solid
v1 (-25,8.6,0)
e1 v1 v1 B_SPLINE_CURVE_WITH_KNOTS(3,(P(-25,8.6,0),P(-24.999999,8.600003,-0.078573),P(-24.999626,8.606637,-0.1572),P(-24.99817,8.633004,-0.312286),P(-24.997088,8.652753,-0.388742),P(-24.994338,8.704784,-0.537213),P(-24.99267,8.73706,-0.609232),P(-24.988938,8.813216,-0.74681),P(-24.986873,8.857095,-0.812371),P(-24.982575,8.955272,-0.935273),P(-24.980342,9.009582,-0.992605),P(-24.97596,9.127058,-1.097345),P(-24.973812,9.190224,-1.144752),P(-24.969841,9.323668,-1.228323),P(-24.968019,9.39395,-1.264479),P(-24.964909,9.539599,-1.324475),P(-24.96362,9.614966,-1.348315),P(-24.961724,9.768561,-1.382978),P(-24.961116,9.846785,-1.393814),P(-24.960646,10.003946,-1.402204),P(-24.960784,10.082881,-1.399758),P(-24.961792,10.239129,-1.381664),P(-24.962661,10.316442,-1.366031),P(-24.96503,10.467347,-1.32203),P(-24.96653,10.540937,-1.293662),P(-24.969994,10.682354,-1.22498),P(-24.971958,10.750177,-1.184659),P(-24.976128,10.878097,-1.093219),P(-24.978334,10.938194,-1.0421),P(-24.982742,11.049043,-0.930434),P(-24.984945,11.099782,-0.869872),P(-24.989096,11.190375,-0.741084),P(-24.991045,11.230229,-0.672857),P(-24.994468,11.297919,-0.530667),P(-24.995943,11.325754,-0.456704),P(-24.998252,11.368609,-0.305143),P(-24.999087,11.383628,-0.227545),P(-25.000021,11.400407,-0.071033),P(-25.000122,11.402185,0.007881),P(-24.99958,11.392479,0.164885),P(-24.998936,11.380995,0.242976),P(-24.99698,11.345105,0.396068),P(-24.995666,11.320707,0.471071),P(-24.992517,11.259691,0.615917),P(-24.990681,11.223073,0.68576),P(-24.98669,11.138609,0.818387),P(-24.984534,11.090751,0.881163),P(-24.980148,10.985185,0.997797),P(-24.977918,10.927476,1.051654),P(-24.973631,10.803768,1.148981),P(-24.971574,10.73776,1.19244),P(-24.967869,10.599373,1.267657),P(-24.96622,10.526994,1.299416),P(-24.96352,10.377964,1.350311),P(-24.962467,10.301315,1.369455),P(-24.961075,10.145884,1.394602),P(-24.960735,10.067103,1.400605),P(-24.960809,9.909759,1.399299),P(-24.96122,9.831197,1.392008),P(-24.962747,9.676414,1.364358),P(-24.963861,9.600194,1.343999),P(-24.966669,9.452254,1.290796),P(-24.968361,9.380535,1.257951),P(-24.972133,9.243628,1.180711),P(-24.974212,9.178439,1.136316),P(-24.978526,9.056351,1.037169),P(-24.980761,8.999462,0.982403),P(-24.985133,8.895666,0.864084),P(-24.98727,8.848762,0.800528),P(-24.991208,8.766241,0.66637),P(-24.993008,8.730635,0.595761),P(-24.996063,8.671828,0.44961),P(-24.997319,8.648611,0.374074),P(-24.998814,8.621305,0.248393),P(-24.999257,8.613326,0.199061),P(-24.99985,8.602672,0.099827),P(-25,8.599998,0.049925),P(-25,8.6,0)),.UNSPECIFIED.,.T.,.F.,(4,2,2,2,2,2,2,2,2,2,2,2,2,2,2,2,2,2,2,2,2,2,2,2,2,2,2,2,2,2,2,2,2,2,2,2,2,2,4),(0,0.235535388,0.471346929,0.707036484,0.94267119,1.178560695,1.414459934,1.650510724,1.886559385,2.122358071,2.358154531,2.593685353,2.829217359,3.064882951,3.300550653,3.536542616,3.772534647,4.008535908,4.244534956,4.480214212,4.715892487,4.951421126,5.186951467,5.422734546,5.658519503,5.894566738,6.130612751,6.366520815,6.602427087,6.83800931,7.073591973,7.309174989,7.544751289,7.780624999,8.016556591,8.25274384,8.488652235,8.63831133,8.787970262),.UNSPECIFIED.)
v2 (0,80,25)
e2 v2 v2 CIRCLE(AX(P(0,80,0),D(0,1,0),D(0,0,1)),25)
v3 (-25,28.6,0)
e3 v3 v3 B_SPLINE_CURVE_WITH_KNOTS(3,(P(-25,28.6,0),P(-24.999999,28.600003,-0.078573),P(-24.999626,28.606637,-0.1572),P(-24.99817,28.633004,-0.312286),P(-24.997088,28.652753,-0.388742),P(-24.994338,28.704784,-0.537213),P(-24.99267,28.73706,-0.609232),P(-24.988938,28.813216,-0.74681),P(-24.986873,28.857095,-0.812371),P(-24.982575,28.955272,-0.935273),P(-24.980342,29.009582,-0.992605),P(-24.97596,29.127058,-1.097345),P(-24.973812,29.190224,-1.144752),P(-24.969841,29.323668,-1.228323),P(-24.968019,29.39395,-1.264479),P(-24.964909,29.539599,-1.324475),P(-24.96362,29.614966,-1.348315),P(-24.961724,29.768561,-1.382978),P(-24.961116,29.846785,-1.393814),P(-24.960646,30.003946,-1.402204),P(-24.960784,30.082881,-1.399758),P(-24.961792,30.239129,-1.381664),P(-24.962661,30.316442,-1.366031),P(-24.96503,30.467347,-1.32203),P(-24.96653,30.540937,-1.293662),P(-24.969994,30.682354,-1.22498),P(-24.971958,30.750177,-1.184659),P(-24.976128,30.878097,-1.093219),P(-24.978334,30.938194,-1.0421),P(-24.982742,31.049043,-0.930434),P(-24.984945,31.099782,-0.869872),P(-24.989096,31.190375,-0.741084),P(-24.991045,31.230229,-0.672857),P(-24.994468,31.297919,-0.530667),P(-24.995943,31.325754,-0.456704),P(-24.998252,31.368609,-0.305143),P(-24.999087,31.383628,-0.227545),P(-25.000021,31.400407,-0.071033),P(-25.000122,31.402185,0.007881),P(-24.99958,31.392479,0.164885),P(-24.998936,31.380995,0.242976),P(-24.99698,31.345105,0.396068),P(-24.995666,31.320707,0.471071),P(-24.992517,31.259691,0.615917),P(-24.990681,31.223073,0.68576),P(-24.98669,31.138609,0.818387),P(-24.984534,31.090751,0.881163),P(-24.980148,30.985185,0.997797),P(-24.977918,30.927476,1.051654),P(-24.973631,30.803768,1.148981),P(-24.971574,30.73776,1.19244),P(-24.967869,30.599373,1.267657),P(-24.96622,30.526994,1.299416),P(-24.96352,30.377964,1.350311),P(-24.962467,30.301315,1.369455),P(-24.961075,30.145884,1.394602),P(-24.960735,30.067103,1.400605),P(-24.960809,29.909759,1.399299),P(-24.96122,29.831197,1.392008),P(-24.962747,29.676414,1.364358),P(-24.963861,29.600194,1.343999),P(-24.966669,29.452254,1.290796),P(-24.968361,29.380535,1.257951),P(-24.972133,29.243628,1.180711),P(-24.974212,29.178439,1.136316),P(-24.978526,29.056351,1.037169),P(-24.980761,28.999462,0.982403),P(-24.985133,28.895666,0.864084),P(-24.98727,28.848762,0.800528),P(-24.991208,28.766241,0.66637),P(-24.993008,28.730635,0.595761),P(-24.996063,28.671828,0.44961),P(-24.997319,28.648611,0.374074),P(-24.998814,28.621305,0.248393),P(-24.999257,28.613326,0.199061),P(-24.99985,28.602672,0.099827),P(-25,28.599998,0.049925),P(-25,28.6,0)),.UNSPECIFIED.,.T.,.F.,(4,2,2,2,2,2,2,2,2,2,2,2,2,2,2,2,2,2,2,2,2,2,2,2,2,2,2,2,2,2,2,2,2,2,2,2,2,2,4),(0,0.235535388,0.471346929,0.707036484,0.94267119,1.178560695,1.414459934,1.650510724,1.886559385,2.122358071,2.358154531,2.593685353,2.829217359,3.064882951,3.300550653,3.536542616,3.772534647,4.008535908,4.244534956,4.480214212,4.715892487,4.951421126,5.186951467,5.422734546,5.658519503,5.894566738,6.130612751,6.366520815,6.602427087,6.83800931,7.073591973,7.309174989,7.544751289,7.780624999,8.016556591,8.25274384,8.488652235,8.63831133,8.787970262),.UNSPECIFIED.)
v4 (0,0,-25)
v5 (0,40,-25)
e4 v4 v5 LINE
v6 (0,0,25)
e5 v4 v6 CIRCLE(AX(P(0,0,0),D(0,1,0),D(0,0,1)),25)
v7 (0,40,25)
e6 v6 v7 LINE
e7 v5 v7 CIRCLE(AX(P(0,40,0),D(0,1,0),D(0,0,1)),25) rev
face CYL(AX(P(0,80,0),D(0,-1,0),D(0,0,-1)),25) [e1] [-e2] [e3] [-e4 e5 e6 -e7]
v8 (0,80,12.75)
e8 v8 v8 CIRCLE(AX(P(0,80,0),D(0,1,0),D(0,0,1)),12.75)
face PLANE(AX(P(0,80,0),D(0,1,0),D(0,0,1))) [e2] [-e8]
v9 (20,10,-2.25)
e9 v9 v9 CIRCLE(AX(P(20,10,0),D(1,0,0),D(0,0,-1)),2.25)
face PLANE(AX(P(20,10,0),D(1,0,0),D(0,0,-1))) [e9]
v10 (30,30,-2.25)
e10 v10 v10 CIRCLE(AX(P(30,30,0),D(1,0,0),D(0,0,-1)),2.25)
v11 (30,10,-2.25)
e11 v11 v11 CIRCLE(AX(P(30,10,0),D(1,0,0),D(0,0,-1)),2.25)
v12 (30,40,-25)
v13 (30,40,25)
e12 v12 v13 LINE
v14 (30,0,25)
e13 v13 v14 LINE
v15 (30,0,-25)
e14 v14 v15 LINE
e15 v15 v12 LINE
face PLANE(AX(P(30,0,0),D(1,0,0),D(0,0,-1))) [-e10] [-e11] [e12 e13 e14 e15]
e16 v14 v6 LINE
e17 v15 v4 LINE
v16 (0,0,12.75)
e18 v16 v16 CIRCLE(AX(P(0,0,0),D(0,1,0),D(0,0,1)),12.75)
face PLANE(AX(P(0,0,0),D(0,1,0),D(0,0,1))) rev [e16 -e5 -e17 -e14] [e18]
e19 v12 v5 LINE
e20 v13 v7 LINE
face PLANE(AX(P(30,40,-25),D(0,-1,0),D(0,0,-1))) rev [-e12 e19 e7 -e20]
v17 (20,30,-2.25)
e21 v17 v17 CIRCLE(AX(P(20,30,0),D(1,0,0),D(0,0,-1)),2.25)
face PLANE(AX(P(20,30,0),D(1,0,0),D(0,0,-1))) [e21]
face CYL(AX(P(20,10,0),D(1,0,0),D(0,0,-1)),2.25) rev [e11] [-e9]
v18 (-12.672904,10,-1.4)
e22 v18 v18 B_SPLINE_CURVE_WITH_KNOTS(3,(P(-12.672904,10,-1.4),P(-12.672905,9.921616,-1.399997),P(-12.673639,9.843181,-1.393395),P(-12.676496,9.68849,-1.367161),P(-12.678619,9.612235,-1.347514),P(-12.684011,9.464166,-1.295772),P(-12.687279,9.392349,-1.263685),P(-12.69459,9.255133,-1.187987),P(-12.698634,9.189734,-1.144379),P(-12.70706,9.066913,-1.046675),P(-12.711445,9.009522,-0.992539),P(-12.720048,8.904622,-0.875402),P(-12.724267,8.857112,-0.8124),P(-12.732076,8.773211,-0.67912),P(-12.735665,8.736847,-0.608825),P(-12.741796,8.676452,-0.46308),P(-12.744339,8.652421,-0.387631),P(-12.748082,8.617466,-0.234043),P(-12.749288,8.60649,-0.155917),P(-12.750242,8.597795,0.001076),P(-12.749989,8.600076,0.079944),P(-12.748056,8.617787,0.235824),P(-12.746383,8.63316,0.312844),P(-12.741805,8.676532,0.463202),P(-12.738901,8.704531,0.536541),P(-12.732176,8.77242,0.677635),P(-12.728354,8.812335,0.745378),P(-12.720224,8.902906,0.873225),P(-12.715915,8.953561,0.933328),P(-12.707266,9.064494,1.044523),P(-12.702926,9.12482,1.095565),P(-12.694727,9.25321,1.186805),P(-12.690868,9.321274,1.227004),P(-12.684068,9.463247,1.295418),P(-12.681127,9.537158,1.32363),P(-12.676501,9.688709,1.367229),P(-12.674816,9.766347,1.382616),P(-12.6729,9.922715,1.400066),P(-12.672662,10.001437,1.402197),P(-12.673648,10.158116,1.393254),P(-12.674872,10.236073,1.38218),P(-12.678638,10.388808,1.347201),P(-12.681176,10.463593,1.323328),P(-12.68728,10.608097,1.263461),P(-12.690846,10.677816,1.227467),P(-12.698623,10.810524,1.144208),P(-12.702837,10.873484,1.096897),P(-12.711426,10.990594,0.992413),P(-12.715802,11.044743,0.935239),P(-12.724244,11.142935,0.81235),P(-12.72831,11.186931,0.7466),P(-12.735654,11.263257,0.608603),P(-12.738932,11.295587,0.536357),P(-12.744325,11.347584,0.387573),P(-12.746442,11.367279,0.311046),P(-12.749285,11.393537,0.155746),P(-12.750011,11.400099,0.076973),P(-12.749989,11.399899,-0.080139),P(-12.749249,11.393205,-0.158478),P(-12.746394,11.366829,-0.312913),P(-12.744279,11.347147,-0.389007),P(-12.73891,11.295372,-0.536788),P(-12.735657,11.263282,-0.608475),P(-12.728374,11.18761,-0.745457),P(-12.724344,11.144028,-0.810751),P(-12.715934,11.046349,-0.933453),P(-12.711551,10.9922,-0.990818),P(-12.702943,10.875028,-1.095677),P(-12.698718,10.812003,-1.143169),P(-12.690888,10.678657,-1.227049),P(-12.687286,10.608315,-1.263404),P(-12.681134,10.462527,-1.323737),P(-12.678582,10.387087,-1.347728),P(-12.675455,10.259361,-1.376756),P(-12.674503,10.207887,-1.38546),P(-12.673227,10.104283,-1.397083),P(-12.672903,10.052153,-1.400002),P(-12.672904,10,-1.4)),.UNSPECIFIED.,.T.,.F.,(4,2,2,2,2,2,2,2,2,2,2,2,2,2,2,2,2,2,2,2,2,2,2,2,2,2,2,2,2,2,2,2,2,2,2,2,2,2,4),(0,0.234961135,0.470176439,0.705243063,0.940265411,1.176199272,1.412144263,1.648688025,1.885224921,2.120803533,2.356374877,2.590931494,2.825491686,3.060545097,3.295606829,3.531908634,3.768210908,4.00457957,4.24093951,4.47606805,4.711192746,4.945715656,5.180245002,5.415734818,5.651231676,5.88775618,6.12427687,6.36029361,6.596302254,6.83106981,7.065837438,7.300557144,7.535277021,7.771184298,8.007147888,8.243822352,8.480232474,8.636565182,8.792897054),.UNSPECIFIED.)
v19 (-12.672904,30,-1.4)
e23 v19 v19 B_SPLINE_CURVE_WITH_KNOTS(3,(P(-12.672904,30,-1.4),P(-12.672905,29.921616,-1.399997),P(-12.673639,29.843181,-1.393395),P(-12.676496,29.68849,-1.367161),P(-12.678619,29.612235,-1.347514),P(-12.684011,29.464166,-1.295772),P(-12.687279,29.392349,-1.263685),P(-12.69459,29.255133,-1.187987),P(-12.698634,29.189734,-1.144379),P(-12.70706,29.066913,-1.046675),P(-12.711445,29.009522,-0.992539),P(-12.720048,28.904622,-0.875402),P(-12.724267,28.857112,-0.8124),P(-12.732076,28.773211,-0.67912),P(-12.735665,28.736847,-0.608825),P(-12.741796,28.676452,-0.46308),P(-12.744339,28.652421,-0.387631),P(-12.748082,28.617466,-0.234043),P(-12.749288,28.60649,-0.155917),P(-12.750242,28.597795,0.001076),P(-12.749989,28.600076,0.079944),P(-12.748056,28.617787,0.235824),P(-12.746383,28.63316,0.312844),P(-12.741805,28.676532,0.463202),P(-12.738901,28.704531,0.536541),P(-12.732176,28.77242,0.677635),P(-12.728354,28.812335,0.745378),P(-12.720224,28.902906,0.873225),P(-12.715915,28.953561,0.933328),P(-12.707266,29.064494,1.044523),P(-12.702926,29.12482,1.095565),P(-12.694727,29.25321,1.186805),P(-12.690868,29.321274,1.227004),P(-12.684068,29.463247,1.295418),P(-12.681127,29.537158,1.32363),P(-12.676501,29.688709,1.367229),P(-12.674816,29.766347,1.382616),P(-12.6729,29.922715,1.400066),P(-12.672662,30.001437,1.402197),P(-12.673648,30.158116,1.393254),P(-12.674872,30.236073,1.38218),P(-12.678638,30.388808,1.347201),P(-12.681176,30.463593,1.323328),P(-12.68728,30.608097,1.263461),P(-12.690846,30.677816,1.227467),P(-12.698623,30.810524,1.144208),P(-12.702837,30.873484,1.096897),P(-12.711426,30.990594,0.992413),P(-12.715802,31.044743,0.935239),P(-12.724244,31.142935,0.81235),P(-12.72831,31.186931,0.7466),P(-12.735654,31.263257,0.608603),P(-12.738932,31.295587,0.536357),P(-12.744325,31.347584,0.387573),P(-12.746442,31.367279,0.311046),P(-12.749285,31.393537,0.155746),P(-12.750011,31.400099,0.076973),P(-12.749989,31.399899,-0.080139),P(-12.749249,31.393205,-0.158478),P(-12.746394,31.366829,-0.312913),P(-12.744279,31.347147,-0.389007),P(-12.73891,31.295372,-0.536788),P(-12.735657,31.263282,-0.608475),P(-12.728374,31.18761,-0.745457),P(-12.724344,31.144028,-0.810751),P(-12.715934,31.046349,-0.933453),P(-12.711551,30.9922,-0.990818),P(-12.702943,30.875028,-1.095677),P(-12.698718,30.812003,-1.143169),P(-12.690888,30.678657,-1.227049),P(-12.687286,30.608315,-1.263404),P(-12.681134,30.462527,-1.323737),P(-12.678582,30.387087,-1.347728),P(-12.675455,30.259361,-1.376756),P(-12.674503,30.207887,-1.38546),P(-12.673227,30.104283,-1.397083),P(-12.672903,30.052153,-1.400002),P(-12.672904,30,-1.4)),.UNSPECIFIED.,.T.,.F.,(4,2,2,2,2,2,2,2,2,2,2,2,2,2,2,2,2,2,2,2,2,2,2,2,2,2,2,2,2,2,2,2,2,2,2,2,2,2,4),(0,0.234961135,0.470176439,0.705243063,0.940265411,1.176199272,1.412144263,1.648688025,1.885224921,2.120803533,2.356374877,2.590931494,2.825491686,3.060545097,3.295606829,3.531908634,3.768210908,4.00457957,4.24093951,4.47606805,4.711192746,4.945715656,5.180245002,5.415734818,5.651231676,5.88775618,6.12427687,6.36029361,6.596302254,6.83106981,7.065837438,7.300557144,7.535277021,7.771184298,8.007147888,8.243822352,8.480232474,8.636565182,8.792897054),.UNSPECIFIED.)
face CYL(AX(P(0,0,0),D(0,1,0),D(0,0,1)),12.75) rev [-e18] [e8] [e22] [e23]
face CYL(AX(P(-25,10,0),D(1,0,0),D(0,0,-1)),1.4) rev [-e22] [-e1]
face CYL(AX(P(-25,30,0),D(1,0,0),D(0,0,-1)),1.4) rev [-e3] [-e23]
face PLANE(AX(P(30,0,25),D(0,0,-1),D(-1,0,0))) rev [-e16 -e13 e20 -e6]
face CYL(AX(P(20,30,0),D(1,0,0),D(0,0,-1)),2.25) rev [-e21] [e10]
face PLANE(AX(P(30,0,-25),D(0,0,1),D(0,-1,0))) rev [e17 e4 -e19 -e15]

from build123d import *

# Parameters (mm, degrees)
SKETCH1_R                       = 25
BOSS_EXTRUDE1_DEPTH             = 80
SKETCH2_R                       = 12.75
CUT_EXTRUDE1_DEPTH              = 88.464278423
SKETCH3_R                       = 1.4
CUT_EXTRUDE2_DEPTH              = 88.464278423
BOSS_EXTRUDE2_REACH             = 99.596
BOSS_EXTRUDE2_END_RADIUS        = 25
SKETCH5_W                       = 50
SKETCH5_H                       = 40
BOSS_EXTRUDE2_DIRECTION_2_DEPTH = 5
SKETCH6_R                       = 2.25
CUT_EXTRUDE3_DEPTH              = 10


with BuildPart() as part:
    # Sketch1 → Boss-Extrude1 (new body)
    with BuildSketch(Plane(origin=(0, 0, 0), x_dir=(1, 0, 0), z_dir=(0, 1, 0))):
        Circle(SKETCH1_R)
    extrude(amount=BOSS_EXTRUDE1_DEPTH)

    # Sketch2 → Cut-Extrude1 (cut, through all)
    with BuildSketch(Plane(origin=(0, 80, 0), x_dir=(1, 0, 0), z_dir=(0, 1, 0))):
        Circle(SKETCH2_R)
    extrude(amount=-CUT_EXTRUDE1_DEPTH, mode=Mode.SUBTRACT)

    # Sketch3 → Cut-Extrude2 (cut, through all)
    with BuildSketch(Plane(origin=(0, 0, 0), x_dir=(0, 0, -1), z_dir=(1, 0, 0))):
        with Locations((0, 30)):
            Circle(SKETCH3_R)
        with Locations((0, 10)):
            Circle(SKETCH3_R)
    extrude(amount=-CUT_EXTRUDE2_DEPTH, mode=Mode.SUBTRACT)

    # Boss-Extrude2: up to this cylinder (the profile starts outside it)
    boss_extrude2_end = Plane(origin=(0, 20, 0), z_dir=(0, -1, 0)) * Cylinder(BOSS_EXTRUDE2_END_RADIUS, 250.192, mode=Mode.PRIVATE)
    # Sketch5 → Boss-Extrude2 (add, up to the surface)
    with BuildSketch(Plane(origin=(25, 0, 0), x_dir=(0, 0, -1), z_dir=(1, 0, 0)), mode=Mode.PRIVATE) as boss_extrude2_sk1:
        with Locations((0, 20)):
            Rectangle(SKETCH5_W, SKETCH5_H)
    boss_extrude2_tool1 = extrude(boss_extrude2_sk1.sketch, amount=-BOSS_EXTRUDE2_REACH, mode=Mode.PRIVATE) - boss_extrude2_end
    add(boss_extrude2_tool1.solids().sort_by_distance((25, 20, 0))[0])
    add(boss_extrude2_tool1.solids().sort_by_distance((25, 20, 0))[1])

    # Sketch5 → Boss-Extrude2 direction 2 (add)
    with BuildSketch(Plane(origin=(25, 0, 0), x_dir=(0, 0, -1), z_dir=(1, 0, 0))):
        with Locations((0, 20)):
            Rectangle(SKETCH5_W, SKETCH5_H)
    extrude(amount=BOSS_EXTRUDE2_DIRECTION_2_DEPTH)

    # Sketch6 → Cut-Extrude3 (cut)
    with BuildSketch(Plane(origin=(30, 0, 0), x_dir=(0, 0, -1), z_dir=(1, 0, 0))):
        with Locations((0, 10)):
            Circle(SKETCH6_R)
        with Locations((0, 30)):
            Circle(SKETCH6_R)
    extrude(amount=-CUT_EXTRUDE3_DEPTH, mode=Mode.SUBTRACT)


solid = part.part
